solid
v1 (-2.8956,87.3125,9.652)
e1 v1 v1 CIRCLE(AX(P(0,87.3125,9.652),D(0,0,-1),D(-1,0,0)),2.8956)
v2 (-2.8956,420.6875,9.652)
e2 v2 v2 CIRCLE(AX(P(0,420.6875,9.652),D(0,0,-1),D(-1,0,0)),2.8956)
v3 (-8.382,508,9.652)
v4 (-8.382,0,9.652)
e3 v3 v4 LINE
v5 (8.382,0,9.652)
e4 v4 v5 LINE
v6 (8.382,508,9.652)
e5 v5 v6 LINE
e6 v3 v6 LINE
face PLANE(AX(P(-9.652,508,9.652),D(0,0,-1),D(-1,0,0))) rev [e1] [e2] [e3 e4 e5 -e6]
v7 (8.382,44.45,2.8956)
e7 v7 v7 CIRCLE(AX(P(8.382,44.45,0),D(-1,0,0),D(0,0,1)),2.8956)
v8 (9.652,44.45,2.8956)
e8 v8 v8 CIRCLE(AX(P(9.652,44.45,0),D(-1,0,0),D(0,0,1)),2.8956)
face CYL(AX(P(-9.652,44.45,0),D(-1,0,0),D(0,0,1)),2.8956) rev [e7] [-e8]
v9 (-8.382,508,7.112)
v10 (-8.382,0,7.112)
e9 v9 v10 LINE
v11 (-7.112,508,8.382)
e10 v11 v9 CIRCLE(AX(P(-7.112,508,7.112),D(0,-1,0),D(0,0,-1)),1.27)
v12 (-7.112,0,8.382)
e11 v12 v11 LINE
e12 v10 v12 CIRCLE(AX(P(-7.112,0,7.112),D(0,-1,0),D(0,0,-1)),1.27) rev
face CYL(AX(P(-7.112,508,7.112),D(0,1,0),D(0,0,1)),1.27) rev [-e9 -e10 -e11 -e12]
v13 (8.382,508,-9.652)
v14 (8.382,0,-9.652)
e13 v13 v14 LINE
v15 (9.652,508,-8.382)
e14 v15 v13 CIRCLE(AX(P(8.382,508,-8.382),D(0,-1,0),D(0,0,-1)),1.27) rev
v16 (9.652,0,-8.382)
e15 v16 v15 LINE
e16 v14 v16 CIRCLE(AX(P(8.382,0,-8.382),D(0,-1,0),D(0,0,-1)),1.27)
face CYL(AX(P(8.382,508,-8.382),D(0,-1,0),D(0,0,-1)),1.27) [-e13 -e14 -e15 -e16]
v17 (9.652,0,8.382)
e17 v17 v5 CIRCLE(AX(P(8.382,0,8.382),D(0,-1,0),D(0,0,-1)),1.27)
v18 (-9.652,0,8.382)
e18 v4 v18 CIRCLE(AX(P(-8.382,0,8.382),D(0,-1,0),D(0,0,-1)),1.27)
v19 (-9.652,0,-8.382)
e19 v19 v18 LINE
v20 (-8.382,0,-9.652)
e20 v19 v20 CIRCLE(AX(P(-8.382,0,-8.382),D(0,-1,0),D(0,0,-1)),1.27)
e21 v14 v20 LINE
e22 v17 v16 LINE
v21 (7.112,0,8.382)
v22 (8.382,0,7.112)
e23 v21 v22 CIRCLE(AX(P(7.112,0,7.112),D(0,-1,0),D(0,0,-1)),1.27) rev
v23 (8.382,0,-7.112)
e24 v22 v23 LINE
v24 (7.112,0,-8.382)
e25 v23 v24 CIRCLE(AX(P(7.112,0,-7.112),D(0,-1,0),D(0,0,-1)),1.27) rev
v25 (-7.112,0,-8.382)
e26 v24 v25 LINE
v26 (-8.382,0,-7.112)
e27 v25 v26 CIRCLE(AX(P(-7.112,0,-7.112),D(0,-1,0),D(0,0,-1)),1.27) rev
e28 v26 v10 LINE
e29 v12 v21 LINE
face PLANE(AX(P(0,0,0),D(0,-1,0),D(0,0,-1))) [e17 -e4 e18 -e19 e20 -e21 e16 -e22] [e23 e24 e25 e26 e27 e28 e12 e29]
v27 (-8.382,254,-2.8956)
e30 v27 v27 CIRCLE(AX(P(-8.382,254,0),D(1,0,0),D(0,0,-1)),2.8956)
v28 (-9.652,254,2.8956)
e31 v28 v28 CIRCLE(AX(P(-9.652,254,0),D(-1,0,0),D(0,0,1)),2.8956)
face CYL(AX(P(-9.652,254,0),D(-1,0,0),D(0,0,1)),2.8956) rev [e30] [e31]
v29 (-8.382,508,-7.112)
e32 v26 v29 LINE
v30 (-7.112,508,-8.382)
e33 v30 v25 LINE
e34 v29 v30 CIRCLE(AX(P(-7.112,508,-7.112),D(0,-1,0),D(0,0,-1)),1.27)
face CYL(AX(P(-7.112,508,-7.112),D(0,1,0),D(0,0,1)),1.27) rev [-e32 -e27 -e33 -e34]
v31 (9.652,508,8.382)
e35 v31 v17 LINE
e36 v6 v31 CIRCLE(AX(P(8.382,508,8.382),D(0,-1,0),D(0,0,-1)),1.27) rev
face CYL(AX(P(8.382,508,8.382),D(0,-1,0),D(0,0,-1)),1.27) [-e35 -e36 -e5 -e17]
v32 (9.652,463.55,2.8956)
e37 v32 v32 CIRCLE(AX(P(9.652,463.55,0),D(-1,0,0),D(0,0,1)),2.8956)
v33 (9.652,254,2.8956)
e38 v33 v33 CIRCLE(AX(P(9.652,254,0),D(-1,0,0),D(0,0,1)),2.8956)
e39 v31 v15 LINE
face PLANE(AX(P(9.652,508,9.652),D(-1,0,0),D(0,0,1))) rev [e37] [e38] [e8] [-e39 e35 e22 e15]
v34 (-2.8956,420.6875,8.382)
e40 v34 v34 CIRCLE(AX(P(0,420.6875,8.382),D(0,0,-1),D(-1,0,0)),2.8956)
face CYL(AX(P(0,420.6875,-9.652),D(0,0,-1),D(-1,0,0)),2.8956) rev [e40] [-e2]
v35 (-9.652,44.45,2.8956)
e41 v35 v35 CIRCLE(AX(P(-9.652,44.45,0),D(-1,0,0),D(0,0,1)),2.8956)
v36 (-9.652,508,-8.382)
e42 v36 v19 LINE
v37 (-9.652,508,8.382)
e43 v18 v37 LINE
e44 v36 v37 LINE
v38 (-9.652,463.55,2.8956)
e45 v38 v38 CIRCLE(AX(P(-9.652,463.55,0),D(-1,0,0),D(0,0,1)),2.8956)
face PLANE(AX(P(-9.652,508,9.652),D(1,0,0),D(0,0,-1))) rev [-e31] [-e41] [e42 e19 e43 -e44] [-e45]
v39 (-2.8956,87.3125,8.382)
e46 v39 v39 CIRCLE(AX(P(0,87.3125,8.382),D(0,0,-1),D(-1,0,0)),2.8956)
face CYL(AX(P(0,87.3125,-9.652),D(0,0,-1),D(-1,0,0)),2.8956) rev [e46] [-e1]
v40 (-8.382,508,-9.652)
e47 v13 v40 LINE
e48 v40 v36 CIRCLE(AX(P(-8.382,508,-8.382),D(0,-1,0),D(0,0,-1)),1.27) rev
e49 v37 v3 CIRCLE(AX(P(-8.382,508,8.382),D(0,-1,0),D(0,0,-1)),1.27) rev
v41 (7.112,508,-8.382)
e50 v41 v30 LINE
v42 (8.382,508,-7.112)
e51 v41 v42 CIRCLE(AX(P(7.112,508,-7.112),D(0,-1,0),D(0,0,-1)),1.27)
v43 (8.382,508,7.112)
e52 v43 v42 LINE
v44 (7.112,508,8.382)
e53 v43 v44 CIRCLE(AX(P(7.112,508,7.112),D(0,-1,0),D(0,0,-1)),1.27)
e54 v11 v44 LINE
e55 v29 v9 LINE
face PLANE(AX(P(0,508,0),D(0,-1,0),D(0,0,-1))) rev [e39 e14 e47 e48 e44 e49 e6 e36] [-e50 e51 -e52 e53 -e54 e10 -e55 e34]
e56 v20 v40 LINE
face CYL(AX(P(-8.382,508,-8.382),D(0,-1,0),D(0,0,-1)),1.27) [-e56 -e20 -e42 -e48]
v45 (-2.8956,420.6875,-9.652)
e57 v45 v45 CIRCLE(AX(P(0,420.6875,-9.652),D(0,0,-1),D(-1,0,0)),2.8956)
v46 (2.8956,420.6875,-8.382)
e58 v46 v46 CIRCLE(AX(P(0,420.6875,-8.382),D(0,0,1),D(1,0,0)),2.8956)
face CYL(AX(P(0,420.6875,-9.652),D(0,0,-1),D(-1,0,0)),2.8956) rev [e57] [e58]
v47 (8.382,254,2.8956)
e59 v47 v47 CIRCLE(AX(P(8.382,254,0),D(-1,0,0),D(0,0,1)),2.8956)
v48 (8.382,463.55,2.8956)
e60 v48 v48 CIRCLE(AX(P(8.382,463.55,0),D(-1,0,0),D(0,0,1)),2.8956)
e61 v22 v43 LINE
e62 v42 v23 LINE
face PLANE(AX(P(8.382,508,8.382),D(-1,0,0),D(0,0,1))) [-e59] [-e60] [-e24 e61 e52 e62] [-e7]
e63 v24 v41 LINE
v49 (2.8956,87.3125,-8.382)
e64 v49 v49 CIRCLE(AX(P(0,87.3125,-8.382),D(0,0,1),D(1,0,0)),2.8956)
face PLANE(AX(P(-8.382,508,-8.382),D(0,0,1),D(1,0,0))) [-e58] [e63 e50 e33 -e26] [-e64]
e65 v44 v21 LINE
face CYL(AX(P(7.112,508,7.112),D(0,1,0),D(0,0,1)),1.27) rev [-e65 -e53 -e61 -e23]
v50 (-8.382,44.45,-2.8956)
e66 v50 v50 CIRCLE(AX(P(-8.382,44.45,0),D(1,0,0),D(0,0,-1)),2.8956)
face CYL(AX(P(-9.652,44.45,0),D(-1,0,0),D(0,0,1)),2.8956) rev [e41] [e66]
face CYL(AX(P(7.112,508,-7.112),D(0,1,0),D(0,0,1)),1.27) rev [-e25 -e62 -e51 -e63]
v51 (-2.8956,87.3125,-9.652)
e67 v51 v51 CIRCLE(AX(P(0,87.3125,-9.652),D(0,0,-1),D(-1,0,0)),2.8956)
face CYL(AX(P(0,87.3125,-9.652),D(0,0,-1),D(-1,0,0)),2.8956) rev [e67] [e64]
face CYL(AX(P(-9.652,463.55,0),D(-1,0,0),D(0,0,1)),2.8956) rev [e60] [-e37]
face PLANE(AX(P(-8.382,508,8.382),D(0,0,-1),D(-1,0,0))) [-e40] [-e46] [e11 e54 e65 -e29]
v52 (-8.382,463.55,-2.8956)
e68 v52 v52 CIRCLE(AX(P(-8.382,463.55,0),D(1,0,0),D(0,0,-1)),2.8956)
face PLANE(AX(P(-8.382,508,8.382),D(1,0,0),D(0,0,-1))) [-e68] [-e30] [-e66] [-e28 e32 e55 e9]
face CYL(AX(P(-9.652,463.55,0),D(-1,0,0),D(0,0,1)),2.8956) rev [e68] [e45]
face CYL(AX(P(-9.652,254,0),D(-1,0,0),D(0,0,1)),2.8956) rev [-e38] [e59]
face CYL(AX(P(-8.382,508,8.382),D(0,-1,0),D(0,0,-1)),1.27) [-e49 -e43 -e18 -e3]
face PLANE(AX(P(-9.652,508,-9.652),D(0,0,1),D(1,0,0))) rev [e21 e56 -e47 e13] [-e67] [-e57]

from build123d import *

# Parameters (mm, degrees)
SKETCH1_W                  = 19.304
SKETCH1_H                  = 19.304
SKETCH1_W_2                = 16.764
SKETCH1_H_2                = 16.764
BOSS_EXTRUDE1_DEPTH        = 508
FILLET1_R                  = 1.27
F_1_0_228_DIAMETER_HOLE2_D = 5.7912
F_1_0_228_DIAMETER_HOLE3_D = 5.7912


with BuildPart() as part:
    # Sketch1 → Boss-Extrude1 (new body)
    with BuildSketch(Plane(origin=(0, 0, 0), x_dir=(1, 0, 0), z_dir=(0, 1, 0))):
        Rectangle(SKETCH1_W, SKETCH1_H)
        Rectangle(SKETCH1_W_2, SKETCH1_H_2, mode=Mode.SUBTRACT)
    extrude(amount=BOSS_EXTRUDE1_DEPTH)

    # Fillet1
    fillet1_edges = [part.edges().sort_by_distance(p)[0] for p in [
        (-8.382, 254, 8.382),
        (8.382, 254, 8.382),
        (8.382, 254, -8.382),
        (-8.382, 254, -8.382),
        (9.652, 254, 9.652),
        (-9.652, 254, 9.652),
        (-9.652, 254, -9.652),
        (9.652, 254, -9.652),
    ]]
    fillet(fillet1_edges, radius=FILLET1_R)

    # #1 (0.228) Diameter Hole2 (through all)
    with Locations(Plane.ZY.offset(9.652)):
        with Locations((0, 463.55), (0, 44.45), (0, 254)):
            Hole(F_1_0_228_DIAMETER_HOLE2_D / 2)

    # #1 (0.228) Diameter Hole3 (through all)
    with Locations(Plane(origin=(0, 0, -9.652), x_dir=(-1, 0, 0), z_dir=(0, 0, -1))):
        with Locations((0, 420.6875), (0, 87.3125)):
            Hole(F_1_0_228_DIAMETER_HOLE3_D / 2)


solid = part.part
